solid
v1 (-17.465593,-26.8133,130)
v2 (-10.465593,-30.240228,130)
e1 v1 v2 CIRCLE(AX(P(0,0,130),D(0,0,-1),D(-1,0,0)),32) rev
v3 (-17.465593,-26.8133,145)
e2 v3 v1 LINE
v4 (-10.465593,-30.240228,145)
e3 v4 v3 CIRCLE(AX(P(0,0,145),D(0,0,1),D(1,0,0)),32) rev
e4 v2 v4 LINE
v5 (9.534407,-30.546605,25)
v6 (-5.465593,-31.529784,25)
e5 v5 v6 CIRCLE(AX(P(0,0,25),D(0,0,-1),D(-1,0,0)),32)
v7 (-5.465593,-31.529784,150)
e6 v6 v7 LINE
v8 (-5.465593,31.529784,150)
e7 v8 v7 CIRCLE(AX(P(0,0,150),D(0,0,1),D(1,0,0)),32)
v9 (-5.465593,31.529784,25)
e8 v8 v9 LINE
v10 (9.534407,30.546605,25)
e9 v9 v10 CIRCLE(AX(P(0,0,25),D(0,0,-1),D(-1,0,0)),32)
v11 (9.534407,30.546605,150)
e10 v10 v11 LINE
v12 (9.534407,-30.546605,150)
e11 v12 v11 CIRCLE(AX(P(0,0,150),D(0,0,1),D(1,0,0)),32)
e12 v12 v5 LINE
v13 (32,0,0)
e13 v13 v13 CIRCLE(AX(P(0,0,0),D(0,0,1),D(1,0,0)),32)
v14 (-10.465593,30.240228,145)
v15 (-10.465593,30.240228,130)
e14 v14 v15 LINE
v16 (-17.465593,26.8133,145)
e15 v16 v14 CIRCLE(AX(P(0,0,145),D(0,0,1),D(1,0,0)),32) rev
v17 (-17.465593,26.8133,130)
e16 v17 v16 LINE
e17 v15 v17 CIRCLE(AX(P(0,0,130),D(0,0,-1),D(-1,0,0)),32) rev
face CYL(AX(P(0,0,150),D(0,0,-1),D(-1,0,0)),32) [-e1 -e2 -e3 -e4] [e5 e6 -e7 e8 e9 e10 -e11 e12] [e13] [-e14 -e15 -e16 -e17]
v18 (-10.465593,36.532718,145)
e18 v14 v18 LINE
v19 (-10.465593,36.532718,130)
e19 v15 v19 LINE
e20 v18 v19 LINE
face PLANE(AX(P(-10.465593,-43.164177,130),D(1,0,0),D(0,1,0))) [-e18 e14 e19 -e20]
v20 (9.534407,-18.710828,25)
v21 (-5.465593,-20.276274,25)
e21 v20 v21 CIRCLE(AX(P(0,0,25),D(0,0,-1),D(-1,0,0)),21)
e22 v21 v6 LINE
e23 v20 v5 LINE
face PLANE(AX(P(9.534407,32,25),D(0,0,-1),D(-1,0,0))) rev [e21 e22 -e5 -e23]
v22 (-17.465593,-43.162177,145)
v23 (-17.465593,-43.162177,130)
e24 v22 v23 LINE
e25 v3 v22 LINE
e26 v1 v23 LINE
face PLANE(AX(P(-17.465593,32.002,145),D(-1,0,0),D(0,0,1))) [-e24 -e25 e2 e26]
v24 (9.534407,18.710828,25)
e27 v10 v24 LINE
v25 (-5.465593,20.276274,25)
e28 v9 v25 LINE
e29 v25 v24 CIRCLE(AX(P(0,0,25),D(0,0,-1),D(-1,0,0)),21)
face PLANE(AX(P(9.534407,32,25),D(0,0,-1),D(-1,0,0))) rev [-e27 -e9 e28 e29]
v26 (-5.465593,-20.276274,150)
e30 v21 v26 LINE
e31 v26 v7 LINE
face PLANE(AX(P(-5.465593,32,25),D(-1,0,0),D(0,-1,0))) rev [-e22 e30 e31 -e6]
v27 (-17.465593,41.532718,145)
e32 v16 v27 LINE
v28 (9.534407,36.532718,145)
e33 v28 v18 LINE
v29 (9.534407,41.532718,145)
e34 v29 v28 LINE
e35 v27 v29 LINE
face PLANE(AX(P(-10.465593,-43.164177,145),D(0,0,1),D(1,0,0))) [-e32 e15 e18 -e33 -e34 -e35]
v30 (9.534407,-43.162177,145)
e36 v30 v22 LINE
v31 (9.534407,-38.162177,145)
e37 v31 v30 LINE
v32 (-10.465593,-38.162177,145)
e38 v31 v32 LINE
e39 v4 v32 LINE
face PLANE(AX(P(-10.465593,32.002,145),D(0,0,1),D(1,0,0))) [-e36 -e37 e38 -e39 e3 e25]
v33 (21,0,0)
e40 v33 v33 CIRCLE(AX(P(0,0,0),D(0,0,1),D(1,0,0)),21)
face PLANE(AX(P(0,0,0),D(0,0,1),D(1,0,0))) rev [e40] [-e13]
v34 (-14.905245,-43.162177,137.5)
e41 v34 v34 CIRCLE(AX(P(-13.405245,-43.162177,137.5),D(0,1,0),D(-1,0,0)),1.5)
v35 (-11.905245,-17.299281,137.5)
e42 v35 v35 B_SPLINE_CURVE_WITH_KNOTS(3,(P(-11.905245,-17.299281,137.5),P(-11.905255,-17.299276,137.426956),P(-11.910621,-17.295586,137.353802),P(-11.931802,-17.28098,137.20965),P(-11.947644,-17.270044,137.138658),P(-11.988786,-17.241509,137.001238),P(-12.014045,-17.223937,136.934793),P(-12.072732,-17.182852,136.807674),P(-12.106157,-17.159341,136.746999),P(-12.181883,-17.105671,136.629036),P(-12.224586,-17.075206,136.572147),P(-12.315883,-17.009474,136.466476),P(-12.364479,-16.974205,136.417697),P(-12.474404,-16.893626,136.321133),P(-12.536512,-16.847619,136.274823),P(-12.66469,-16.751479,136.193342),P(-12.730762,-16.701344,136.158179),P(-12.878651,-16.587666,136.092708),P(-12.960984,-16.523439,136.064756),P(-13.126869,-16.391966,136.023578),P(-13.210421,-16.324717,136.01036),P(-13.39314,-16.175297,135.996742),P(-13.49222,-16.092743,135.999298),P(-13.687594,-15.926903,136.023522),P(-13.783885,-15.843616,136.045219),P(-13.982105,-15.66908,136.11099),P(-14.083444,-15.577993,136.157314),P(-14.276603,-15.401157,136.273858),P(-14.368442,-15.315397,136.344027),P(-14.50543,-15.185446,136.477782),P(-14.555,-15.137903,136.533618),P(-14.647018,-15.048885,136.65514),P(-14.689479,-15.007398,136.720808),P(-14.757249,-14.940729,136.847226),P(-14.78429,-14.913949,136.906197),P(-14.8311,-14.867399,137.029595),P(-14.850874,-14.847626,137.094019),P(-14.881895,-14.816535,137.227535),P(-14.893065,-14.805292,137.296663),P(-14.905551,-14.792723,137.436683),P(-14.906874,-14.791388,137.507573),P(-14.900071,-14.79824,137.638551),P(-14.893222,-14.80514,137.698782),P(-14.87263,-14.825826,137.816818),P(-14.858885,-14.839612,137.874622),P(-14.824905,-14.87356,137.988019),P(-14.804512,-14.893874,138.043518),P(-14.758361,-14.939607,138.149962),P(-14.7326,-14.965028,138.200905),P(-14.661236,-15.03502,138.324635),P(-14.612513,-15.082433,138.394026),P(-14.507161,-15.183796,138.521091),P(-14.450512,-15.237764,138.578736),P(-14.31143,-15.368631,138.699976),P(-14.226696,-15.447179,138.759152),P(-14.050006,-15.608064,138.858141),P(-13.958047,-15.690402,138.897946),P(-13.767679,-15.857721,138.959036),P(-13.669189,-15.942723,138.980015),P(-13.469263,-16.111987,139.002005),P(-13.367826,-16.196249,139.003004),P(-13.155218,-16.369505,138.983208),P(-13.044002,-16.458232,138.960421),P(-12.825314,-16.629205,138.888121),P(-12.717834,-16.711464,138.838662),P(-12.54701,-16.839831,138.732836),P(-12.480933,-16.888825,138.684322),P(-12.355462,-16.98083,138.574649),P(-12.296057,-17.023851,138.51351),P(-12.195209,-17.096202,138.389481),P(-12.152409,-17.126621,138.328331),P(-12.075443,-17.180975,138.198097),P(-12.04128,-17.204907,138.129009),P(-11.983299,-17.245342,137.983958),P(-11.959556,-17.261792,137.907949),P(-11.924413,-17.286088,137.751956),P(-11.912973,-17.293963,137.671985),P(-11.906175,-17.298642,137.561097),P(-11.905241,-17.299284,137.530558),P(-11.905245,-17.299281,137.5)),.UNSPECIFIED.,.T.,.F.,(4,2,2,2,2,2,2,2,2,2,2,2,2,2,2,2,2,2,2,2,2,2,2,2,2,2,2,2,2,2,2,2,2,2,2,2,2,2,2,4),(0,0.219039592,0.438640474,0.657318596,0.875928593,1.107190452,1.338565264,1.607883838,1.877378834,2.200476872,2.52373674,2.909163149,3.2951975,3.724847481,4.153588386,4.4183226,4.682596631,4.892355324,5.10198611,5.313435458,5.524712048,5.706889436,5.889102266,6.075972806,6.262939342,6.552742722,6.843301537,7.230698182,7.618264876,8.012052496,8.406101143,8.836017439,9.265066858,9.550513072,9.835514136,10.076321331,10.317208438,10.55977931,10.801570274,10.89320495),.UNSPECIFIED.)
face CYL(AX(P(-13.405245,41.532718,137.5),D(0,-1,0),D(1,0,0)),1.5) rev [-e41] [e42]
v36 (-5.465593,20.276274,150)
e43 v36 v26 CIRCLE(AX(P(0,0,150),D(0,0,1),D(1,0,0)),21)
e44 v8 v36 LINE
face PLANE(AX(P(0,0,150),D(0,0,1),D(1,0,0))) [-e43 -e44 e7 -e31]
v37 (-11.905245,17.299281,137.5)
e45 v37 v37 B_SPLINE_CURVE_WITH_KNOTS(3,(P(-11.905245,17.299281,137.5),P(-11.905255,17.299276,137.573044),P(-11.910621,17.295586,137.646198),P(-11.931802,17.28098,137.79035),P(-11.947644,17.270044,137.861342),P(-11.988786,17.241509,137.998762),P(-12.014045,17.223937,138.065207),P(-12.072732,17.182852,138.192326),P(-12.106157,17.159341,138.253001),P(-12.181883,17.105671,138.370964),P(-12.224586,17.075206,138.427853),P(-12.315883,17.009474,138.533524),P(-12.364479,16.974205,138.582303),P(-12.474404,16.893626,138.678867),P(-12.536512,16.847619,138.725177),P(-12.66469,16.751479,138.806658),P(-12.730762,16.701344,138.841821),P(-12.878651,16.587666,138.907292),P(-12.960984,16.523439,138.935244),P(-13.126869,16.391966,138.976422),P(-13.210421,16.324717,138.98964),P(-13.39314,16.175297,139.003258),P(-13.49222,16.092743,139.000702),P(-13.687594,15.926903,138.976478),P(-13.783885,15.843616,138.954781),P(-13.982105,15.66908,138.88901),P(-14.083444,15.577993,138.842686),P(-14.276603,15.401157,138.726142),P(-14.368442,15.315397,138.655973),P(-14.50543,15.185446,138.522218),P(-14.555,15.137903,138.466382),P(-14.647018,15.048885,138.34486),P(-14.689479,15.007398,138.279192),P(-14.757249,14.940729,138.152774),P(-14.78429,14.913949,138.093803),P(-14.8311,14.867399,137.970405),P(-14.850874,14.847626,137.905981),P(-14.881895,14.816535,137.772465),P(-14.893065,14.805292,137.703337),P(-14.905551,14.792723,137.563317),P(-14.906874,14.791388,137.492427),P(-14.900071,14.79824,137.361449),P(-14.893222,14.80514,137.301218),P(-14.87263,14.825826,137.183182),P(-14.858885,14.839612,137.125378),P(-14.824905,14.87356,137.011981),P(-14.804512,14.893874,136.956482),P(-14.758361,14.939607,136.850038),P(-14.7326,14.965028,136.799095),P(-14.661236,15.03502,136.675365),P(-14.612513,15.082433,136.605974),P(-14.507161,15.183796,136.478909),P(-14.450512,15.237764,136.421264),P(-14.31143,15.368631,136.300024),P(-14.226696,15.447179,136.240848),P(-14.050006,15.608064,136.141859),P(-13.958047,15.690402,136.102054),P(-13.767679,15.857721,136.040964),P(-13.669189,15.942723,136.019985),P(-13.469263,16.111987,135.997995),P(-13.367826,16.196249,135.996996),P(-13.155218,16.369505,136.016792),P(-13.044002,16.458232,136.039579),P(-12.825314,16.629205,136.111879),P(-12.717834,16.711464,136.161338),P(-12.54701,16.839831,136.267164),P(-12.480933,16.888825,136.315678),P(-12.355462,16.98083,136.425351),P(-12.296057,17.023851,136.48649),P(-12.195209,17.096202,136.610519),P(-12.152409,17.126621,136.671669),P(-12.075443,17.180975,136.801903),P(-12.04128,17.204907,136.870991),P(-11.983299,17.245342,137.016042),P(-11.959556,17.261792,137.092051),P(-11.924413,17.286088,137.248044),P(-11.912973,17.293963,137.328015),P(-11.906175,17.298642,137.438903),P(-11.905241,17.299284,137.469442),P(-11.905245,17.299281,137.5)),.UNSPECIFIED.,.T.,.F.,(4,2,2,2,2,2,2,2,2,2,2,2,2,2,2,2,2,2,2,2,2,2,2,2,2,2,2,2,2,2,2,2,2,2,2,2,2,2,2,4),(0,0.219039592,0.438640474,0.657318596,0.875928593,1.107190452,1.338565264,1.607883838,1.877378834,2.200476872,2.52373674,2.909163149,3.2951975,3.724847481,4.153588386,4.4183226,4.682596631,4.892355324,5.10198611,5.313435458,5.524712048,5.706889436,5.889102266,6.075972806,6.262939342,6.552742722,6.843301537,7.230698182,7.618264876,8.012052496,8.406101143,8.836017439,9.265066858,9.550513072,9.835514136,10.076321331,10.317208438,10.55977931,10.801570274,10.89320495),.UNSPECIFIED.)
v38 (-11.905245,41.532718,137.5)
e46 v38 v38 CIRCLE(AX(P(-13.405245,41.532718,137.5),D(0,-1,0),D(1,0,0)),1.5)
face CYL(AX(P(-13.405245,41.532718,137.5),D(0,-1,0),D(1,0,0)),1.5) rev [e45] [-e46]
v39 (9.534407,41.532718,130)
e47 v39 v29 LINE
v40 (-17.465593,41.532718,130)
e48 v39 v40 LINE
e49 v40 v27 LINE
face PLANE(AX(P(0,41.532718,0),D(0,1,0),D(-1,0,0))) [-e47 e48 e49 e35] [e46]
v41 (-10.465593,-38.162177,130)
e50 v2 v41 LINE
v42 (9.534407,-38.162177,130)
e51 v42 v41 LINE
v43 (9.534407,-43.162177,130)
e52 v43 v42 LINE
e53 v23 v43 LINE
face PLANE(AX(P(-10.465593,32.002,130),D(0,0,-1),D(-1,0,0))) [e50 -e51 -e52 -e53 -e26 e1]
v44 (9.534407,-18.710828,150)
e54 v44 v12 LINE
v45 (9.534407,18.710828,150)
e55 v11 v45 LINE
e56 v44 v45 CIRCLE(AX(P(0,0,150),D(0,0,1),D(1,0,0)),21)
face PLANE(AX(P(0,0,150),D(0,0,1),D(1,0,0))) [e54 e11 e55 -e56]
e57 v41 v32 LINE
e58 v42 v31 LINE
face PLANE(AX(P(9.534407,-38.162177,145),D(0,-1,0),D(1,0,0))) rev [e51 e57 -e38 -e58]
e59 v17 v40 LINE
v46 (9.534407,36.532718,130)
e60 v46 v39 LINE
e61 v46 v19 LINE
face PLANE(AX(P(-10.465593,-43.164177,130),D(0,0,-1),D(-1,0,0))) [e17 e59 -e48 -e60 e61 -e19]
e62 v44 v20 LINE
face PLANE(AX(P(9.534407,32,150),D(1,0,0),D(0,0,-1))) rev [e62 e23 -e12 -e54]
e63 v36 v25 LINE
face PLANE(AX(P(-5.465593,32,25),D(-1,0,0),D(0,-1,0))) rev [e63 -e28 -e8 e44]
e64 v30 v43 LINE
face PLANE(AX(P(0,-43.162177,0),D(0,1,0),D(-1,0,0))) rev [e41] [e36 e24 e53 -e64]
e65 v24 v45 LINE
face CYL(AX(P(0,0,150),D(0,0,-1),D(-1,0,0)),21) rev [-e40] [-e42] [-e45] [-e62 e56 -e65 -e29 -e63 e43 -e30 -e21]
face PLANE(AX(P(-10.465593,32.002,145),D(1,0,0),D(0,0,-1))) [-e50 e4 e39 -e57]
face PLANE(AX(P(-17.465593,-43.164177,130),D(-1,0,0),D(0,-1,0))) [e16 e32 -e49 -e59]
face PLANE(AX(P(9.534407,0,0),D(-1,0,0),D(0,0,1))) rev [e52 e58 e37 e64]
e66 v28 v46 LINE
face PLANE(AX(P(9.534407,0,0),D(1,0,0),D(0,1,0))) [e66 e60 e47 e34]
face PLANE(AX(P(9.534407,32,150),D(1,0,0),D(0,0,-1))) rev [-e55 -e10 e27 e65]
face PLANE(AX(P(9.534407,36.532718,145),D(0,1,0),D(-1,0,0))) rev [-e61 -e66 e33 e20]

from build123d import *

# Parameters (mm, degrees)
ESBO_O1_R                     = 32
ESBO_O1_R_2                   = 21
RESSALTO_EXTRUS_O1_DEPTH      = 150
CORTE_EXTRUS_O1_DEPTH         = 167.643659607
CORTE_EXTRUS_O1_DEPTH_BACK    = 167.643659607
ESBO_O3_W                     = 125
ESBO_O3_H                     = 15
RESSALTO_EXTRUS_O2_REACH      = 168.644
RESSALTO_EXTRUS_O2_END_RADIUS = 32
ESBO_O4_W                     = 15
ESBO_O4_H                     = 7
ESBO_O5_W                     = 7
ESBO_O5_H                     = 15
RESSALTO_EXTRUS_O3_DEPTH      = 10
ESBO_O6_W                     = 15
ESBO_O6_H                     = 5
RESSALTO_EXTRUS_O4_DEPTH      = 20
RESSALTO_EXTRUS_O5_REACH      = 172.597
RESSALTO_EXTRUS_O5_END_RADIUS = 32
ESBO_O7_W                     = 15
ESBO_O7_H                     = 7
ESBO_O8_W                     = 7
ESBO_O8_H                     = 15
RESSALTO_EXTRUS_O6_DEPTH      = 10
ESBO_O9_W                     = 15
ESBO_O9_H                     = 5
RESSALTO_EXTRUS_O7_DEPTH      = 20
CORTE_EXTRUS_O2_DEPTH         = 176.206236165
CORTE_EXTRUS_O2_DEPTH_BACK    = 176.206236165
ESBO_O10_R                    = 1.5


with BuildPart() as part:
    # Esboço1 → Ressalto-extrusão1 (new body)
    with BuildSketch(Plane.XY):
        Circle(ESBO_O1_R)
        Circle(ESBO_O1_R_2, mode=Mode.SUBTRACT)
    extrude(amount=RESSALTO_EXTRUS_O1_DEPTH)

    # Esboço3 → Corte-extrusão1 (cut, two sides: drawn at the far end of the back side and taken through both)
    with BuildSketch(Plane(origin=(0, -33.162176816, 0), x_dir=(0, 0, -1), z_dir=(0, -1, 0)).offset(-CORTE_EXTRUS_O1_DEPTH_BACK)):
        with Locations((-87.5, 2.034407051)):
            Rectangle(ESBO_O3_W, ESBO_O3_H)
    extrude(amount=CORTE_EXTRUS_O1_DEPTH + CORTE_EXTRUS_O1_DEPTH_BACK, mode=Mode.SUBTRACT)

    # Ressalto-extrusão2: up to this cylinder (the profile starts outside it)
    ressalto_extrus_o2_end = Plane(origin=(0, 0, 137.5), z_dir=(0, 0, -1)) * Cylinder(RESSALTO_EXTRUS_O2_END_RADIUS, 402.288, mode=Mode.PRIVATE)
    # Esboço4 → Ressalto-extrusão2 (add, up to the surface)
    with BuildSketch(Plane(origin=(0, -33.162176816, 0), x_dir=(0, 0, -1), z_dir=(0, -1, 0)), mode=Mode.PRIVATE) as ressalto_extrus_o2_sk1:
        with Locations((-137.5, -13.965592949)):
            Rectangle(ESBO_O4_W, ESBO_O4_H)
    ressalto_extrus_o2_tool1 = extrude(ressalto_extrus_o2_sk1.sketch, amount=-RESSALTO_EXTRUS_O2_REACH, mode=Mode.PRIVATE) - ressalto_extrus_o2_end
    add(ressalto_extrus_o2_tool1.solids().sort_by_distance((-13.965593, -33.162177, 137.5))[0])

    # Esboço5 → Ressalto-extrusão3 (add)
    with BuildSketch(Plane.XZ.offset(33.162176816)):
        with Locations((-13.965592949, 137.5)):
            Rectangle(ESBO_O5_W, ESBO_O5_H)
    extrude(amount=RESSALTO_EXTRUS_O3_DEPTH)

    # Esboço6 → Ressalto-extrusão4 (add)
    with BuildSketch(Plane(origin=(-10.465592949, 0, 0), x_dir=(0, 0, -1), z_dir=(1, 0, 0))):
        with Locations((-137.5, -40.662176816)):
            Rectangle(ESBO_O6_W, ESBO_O6_H)
    extrude(amount=RESSALTO_EXTRUS_O4_DEPTH)

    # Ressalto-extrusão5: up to this cylinder (the profile starts outside it)
    ressalto_extrus_o5_end = Plane(origin=(0, 0, 137.5), z_dir=(0, 0, -1)) * Cylinder(RESSALTO_EXTRUS_O5_END_RADIUS, 410.194, mode=Mode.PRIVATE)
    # Esboço7 → Ressalto-extrusão5 (add, up to the surface)
    with BuildSketch(Plane.ZX.offset(31.532717901), mode=Mode.PRIVATE) as ressalto_extrus_o5_sk1:
        with Locations((137.5, -13.965592949)):
            Rectangle(ESBO_O7_W, ESBO_O7_H)
    ressalto_extrus_o5_tool1 = extrude(ressalto_extrus_o5_sk1.sketch, amount=-RESSALTO_EXTRUS_O5_REACH, mode=Mode.PRIVATE) - ressalto_extrus_o5_end
    add(ressalto_extrus_o5_tool1.solids().sort_by_distance((-13.965593, 31.532718, 137.5))[0])

    # Esboço8 → Ressalto-extrusão6 (add)
    with BuildSketch(Plane(origin=(0, 31.532717901, 0), x_dir=(1, 0, 0), z_dir=(0, 1, 0))):
        with Locations((-13.965592949, -137.5)):
            Rectangle(ESBO_O8_W, ESBO_O8_H)
    extrude(amount=RESSALTO_EXTRUS_O6_DEPTH)

    # Esboço9 → Ressalto-extrusão7 (add)
    with BuildSketch(Plane(origin=(-10.465592949, 0, 0), x_dir=(0, 0, -1), z_dir=(1, 0, 0))):
        with Locations((-137.5, 39.032717901)):
            Rectangle(ESBO_O9_W, ESBO_O9_H)
    extrude(amount=RESSALTO_EXTRUS_O7_DEPTH)

    # Esboço10 → Corte-extrusão2 (cut, two sides: drawn at the far end of the back side and taken through both)
    with BuildSketch(Plane.XZ.offset(43.162176816).offset(-CORTE_EXTRUS_O2_DEPTH_BACK)):
        with Locations((-13.4052452, 137.5)):
            Circle(ESBO_O10_R)
    extrude(amount=CORTE_EXTRUS_O2_DEPTH + CORTE_EXTRUS_O2_DEPTH_BACK, mode=Mode.SUBTRACT)


solid = part.part
